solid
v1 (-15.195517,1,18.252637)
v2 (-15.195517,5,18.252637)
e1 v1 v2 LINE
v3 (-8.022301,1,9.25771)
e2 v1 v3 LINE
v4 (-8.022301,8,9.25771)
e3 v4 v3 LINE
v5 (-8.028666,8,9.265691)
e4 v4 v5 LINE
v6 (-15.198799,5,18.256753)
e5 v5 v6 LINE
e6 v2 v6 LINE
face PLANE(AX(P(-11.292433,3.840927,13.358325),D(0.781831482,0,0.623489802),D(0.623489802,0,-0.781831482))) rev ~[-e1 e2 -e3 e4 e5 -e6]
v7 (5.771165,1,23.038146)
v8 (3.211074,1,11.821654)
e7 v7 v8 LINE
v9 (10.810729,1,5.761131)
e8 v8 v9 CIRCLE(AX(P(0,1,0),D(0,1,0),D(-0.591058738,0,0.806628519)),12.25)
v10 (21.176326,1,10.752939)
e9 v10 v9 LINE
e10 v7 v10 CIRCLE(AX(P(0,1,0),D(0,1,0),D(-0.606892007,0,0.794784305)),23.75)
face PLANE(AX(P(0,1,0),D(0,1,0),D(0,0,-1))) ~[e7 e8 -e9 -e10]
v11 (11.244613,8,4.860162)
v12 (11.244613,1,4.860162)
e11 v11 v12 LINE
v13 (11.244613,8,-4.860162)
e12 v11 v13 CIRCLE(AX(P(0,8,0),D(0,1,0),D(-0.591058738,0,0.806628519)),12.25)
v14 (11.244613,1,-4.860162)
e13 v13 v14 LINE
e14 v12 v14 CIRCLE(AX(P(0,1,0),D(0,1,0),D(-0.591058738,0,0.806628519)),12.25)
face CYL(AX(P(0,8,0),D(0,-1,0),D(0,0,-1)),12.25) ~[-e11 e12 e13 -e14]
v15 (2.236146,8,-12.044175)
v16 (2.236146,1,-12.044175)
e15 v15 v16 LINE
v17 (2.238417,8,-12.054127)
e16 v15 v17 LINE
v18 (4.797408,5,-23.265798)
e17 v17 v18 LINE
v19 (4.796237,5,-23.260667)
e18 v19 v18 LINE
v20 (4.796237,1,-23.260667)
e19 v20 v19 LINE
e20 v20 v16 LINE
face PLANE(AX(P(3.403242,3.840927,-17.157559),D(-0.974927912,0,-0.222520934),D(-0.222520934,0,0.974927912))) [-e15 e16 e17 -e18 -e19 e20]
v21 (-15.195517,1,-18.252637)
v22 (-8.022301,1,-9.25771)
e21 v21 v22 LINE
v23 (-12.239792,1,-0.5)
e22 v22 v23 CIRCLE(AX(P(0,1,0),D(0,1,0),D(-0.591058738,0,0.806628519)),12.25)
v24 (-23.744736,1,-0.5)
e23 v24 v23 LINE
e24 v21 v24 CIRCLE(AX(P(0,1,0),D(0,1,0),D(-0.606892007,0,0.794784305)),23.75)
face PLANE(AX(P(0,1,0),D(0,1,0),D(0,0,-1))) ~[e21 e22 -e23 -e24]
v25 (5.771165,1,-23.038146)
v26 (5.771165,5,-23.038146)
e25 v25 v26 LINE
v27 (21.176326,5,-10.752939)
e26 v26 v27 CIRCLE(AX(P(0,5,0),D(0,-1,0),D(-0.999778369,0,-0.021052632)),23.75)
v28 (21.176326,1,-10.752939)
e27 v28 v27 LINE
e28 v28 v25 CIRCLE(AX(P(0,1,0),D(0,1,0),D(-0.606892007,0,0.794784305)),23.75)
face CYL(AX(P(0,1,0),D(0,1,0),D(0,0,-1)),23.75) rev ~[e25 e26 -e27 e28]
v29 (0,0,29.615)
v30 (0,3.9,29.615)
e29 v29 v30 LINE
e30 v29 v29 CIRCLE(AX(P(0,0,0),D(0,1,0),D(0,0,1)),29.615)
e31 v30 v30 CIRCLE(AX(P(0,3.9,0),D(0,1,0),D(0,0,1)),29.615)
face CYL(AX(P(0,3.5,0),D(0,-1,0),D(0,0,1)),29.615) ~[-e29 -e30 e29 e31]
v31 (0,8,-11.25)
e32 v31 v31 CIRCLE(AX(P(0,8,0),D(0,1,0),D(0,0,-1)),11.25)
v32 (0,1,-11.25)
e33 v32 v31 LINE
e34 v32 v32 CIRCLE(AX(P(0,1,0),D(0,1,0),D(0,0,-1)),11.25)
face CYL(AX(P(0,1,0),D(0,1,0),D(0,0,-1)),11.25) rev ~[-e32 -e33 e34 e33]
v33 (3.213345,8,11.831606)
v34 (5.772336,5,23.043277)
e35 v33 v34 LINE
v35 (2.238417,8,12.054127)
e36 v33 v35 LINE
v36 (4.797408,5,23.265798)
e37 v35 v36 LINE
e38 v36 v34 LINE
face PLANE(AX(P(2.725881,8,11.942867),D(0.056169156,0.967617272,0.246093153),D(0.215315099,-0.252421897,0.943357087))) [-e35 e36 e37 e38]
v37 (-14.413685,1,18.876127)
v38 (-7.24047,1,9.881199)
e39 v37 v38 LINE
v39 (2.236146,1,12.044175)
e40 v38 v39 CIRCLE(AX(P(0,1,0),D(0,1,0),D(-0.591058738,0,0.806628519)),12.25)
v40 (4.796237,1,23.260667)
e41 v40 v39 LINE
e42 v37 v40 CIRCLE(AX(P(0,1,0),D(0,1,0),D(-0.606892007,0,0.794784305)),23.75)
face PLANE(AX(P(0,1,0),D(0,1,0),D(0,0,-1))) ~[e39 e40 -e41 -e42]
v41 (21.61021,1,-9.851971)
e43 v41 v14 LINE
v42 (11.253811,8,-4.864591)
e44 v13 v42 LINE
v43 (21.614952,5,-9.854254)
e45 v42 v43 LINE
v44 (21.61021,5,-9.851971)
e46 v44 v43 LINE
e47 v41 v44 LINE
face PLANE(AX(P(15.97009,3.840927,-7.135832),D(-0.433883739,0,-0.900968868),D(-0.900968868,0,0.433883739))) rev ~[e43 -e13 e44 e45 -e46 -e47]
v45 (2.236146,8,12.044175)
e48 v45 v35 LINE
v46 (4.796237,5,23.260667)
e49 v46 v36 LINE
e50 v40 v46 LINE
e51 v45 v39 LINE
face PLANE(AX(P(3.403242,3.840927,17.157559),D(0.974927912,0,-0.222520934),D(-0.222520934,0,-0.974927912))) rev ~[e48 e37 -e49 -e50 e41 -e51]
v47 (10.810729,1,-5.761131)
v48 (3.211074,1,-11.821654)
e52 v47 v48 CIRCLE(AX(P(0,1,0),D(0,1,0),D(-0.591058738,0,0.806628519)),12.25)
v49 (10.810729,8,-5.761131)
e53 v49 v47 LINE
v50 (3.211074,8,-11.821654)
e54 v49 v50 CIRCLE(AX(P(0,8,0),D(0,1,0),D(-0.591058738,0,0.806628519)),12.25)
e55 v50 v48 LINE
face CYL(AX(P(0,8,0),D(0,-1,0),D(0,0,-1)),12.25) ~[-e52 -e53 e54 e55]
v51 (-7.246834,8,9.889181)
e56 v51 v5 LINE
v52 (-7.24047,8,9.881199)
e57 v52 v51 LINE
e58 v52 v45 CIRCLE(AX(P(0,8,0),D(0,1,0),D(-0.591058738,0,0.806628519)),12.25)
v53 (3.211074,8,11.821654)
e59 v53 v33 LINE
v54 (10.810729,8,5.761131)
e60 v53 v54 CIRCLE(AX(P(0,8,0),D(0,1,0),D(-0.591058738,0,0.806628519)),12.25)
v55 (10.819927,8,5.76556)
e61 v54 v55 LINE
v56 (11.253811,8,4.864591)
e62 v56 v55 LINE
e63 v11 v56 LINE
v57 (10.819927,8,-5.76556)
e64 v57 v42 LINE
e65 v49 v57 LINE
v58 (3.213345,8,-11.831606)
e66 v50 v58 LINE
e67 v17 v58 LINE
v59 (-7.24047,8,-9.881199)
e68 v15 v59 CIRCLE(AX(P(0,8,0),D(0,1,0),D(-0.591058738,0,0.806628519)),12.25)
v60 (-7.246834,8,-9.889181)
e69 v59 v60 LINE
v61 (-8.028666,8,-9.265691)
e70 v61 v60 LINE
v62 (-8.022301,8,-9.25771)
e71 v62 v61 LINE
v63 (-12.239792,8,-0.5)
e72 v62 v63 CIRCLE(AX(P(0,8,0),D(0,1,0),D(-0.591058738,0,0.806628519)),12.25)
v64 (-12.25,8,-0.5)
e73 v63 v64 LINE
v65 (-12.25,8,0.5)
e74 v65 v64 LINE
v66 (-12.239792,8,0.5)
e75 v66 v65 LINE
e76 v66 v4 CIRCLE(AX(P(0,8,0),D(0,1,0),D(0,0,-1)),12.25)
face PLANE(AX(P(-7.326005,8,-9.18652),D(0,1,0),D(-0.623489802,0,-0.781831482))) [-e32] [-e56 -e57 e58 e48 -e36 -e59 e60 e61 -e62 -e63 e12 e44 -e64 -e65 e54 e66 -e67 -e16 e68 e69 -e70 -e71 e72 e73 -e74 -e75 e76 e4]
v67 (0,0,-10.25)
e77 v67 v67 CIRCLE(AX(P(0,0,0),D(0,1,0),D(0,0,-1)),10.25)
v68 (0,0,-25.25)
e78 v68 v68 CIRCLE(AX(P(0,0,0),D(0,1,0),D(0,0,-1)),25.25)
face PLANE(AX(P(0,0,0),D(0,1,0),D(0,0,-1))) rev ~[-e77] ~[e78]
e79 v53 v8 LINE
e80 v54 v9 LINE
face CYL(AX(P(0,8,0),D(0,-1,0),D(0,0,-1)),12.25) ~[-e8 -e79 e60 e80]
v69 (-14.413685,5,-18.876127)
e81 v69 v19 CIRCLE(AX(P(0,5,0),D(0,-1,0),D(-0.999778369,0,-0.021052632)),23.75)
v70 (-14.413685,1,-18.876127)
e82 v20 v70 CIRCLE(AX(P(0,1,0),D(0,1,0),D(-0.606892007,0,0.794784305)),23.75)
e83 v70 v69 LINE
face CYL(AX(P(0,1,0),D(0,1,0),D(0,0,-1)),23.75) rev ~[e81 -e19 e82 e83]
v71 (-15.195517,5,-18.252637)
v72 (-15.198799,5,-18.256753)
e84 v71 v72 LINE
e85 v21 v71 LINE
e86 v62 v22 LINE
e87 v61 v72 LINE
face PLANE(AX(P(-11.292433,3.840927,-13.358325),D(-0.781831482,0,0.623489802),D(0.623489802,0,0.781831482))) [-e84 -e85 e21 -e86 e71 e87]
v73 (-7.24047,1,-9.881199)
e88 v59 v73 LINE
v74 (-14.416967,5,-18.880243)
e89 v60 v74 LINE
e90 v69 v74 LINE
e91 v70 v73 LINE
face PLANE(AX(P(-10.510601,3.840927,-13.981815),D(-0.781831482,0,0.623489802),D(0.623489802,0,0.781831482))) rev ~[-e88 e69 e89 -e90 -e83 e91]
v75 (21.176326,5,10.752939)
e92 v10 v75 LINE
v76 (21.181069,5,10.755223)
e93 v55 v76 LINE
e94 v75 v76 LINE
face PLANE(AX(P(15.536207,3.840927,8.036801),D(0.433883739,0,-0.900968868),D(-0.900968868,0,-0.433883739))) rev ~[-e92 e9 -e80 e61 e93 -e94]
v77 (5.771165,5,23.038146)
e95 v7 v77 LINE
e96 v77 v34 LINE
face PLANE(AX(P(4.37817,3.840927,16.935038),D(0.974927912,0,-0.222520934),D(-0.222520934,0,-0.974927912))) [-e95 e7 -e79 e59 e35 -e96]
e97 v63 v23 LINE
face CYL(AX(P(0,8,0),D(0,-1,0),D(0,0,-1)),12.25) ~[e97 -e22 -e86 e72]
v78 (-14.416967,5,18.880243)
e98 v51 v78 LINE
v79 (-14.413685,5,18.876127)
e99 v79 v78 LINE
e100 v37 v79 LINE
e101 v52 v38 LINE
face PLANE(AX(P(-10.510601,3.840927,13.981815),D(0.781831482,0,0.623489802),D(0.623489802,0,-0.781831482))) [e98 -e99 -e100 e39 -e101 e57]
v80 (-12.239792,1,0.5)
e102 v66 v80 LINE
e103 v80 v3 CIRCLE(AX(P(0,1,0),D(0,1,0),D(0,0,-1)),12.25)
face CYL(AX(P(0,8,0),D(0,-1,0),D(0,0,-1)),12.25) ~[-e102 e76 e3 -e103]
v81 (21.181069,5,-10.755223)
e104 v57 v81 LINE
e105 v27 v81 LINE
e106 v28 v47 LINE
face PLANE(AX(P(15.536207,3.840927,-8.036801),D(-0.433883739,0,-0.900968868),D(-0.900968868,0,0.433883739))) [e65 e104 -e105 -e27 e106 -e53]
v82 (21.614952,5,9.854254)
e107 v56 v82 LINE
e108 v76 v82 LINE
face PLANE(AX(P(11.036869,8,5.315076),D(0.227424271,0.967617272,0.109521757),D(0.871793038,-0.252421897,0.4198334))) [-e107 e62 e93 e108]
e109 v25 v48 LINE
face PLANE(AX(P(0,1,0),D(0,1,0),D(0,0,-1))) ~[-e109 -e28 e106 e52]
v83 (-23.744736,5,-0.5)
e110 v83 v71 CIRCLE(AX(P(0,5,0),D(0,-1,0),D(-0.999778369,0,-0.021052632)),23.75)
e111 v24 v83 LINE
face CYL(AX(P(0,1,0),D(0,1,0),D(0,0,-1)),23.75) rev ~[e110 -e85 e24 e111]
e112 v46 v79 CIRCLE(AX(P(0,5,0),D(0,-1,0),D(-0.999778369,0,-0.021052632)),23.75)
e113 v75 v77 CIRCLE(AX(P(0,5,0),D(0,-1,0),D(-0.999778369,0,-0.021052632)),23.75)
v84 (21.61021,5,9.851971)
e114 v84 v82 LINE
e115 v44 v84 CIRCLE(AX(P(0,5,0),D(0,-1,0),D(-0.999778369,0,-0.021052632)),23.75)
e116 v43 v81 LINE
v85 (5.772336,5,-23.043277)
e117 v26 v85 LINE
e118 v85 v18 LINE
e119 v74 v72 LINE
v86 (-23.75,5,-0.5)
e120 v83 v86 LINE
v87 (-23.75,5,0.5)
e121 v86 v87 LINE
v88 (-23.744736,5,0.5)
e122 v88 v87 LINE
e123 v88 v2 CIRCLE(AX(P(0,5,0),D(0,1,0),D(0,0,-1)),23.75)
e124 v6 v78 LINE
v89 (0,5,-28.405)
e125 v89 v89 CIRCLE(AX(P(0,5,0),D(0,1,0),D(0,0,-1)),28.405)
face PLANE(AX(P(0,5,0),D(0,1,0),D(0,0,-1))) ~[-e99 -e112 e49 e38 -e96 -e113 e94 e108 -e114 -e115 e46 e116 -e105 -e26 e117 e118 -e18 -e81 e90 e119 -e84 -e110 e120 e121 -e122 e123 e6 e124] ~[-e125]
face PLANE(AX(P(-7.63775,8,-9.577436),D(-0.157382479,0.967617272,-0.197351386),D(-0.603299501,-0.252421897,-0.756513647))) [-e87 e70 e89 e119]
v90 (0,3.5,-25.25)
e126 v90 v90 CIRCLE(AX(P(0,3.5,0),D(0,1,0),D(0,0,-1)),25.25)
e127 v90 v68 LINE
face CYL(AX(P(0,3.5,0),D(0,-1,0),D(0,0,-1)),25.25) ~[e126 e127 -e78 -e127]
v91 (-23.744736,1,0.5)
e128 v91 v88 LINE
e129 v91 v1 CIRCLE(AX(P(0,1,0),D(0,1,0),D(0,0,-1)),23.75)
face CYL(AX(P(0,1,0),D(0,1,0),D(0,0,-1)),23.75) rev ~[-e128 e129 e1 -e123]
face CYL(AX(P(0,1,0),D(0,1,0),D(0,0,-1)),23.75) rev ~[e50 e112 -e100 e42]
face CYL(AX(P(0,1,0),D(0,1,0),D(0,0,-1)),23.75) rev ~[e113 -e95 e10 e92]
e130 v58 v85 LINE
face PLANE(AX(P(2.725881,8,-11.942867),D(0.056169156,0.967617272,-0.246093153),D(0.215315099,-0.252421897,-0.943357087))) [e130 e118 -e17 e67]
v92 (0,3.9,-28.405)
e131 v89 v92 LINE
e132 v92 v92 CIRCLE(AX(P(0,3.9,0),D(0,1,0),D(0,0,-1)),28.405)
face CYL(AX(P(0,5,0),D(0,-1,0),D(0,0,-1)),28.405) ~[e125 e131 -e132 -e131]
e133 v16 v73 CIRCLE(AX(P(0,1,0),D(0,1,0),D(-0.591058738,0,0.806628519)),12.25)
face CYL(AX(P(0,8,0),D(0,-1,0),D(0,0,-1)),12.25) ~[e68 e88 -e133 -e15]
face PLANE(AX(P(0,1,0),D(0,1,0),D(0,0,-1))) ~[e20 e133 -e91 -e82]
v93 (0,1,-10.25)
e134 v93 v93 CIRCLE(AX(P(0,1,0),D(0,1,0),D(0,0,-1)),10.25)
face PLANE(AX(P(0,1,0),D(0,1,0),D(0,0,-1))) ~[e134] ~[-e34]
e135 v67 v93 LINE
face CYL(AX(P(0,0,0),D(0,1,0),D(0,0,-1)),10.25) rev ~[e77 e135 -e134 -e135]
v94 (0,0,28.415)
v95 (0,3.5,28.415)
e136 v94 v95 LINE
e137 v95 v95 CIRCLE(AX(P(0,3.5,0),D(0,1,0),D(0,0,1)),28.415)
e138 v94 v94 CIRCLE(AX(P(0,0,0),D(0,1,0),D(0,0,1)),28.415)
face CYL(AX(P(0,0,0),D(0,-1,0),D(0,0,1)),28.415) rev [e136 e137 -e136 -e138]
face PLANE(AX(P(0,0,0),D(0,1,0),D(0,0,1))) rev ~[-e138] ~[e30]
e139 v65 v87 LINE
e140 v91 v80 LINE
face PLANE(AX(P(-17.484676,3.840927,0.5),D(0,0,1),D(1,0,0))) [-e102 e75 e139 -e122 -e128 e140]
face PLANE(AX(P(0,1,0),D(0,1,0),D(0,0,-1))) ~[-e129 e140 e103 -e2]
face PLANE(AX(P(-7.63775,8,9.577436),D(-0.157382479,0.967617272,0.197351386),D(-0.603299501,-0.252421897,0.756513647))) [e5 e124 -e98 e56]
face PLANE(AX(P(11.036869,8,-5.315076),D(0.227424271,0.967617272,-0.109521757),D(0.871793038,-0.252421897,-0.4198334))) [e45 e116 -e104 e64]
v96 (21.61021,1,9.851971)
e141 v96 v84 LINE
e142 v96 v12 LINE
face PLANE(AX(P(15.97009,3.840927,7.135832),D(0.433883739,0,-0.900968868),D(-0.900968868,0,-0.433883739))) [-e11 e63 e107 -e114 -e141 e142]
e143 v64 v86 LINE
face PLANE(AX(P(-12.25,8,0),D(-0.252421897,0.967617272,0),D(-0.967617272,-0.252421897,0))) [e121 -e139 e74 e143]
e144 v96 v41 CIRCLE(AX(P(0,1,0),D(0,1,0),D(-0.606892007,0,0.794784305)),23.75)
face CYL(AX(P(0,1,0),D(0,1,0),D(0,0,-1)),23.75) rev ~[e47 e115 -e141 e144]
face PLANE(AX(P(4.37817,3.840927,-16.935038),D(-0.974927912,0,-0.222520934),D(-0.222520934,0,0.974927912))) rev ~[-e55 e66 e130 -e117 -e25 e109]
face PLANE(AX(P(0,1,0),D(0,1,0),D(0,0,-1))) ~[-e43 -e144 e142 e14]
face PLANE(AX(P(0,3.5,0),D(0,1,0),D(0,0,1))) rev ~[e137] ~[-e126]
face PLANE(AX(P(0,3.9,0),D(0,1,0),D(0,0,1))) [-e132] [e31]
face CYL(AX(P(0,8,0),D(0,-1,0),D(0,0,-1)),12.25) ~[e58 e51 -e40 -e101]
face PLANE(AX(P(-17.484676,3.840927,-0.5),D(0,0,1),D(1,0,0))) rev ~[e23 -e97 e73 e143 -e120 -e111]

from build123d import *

# Parameters (mm, degrees)
BOSS_EXTRUDE1_DEPTH = 0.5
CIRPATTERN1_COUNT   = 7
SKETCH3_R           = 29.615
SKETCH3_R_2         = 28.415
BOSS_EXTRUDE2_DEPTH = 3.5
BOSS_EXTRUDE3_START = 3.5
SKETCH3_3_R         = 29.615
SKETCH3_3_R_2       = 28.415
SKETCH3_3_R_3       = 28.405
BOSS_EXTRUDE3_DEPTH = 0.4


with BuildPart() as part:
    # Sketch1 → Revolve1 (revolve)
    with BuildSketch(Plane.XY, mode=Mode.PRIVATE) as revolve1_sk:
        Polygon((-11.25, 8), (-12.25, 8), (-12.25, 1), (-23.75, 1), (-23.75, 5), (-28.405, 5), (-28.405, 3.5), (-25.25, 3.5), (-25.25, 0), (-10.25, 0), (-10.25, 1), (-11.25, 1), align=None)
    revolve(revolve1_sk.sketch.rotate(Axis((0, 0, 0), (0, 1, 0)), 270), axis=Axis((0, 0, 0), (0, 1, 0)))

    # Sketch2 → Boss-Extrude1 (add, symmetric)
    with BuildSketch(Plane.XY):
        Polygon((-12.25, 8), (-23.75, 5), (-24.25, 5), (-24.25, 1), (-23.75, 1), (-12.25, 1), (-11.75, 1), (-11.75, 8), align=None)
    boss_extrude1 = extrude(amount=BOSS_EXTRUDE1_DEPTH, both=True)

    # CirPattern1: Boss-Extrude1 ×7 about axis
    cirpattern1_axis = Axis((0, 0, 0), (0, 1, 0))
    for i in range(1, CIRPATTERN1_COUNT):
        add(boss_extrude1.rotate(cirpattern1_axis, i * 360 / CIRPATTERN1_COUNT))



with BuildPart() as body_2:
    # Sketch3 → Boss-Extrude2 (new body)
    with BuildSketch(Plane(origin=(0, 0, 0), x_dir=(1, 0, 0), z_dir=(0, 1, 0))):
        with Locations(Location((0, 0, 0), (0, 0, 270))):
            Circle(SKETCH3_R)
        with Locations(Location((0, 0, 0), (0, 0, 270))):
            Circle(SKETCH3_R_2, mode=Mode.SUBTRACT)
    extrude(amount=BOSS_EXTRUDE2_DEPTH)


with BuildPart() as part_1:
    add(part.part)

    add(body_2.part)  # Boss-Extrude3 merges body 2
    # Sketch3<3> → Boss-Extrude3 (add)
    # profile 1 of 2: a face of its own
    with BuildSketch(Plane(origin=(0, 0, 0), x_dir=(1, 0, 0), z_dir=(0, 1, 0)).offset(BOSS_EXTRUDE3_START)):
        with Locations(Location((0, 0, 0), (0, 0, 270))):
            Circle(SKETCH3_3_R)
        with Locations(Location((0, 0, 0), (0, 0, 270))):
            Circle(SKETCH3_3_R_2, mode=Mode.SUBTRACT)
    # profile 2 of 2: a face of its own
    with BuildSketch(Plane(origin=(0, 0, 0), x_dir=(1, 0, 0), z_dir=(0, 1, 0)).offset(BOSS_EXTRUDE3_START)):
        with Locations(Location((0, 0, 0), (0, 0, 270))):
            Circle(SKETCH3_3_R_2)
        with Locations(Location((0, 0, 0), (0, 0, 90))):
            Circle(SKETCH3_3_R_3, mode=Mode.SUBTRACT)
    extrude(amount=BOSS_EXTRUDE3_DEPTH)


solid = part_1.part
